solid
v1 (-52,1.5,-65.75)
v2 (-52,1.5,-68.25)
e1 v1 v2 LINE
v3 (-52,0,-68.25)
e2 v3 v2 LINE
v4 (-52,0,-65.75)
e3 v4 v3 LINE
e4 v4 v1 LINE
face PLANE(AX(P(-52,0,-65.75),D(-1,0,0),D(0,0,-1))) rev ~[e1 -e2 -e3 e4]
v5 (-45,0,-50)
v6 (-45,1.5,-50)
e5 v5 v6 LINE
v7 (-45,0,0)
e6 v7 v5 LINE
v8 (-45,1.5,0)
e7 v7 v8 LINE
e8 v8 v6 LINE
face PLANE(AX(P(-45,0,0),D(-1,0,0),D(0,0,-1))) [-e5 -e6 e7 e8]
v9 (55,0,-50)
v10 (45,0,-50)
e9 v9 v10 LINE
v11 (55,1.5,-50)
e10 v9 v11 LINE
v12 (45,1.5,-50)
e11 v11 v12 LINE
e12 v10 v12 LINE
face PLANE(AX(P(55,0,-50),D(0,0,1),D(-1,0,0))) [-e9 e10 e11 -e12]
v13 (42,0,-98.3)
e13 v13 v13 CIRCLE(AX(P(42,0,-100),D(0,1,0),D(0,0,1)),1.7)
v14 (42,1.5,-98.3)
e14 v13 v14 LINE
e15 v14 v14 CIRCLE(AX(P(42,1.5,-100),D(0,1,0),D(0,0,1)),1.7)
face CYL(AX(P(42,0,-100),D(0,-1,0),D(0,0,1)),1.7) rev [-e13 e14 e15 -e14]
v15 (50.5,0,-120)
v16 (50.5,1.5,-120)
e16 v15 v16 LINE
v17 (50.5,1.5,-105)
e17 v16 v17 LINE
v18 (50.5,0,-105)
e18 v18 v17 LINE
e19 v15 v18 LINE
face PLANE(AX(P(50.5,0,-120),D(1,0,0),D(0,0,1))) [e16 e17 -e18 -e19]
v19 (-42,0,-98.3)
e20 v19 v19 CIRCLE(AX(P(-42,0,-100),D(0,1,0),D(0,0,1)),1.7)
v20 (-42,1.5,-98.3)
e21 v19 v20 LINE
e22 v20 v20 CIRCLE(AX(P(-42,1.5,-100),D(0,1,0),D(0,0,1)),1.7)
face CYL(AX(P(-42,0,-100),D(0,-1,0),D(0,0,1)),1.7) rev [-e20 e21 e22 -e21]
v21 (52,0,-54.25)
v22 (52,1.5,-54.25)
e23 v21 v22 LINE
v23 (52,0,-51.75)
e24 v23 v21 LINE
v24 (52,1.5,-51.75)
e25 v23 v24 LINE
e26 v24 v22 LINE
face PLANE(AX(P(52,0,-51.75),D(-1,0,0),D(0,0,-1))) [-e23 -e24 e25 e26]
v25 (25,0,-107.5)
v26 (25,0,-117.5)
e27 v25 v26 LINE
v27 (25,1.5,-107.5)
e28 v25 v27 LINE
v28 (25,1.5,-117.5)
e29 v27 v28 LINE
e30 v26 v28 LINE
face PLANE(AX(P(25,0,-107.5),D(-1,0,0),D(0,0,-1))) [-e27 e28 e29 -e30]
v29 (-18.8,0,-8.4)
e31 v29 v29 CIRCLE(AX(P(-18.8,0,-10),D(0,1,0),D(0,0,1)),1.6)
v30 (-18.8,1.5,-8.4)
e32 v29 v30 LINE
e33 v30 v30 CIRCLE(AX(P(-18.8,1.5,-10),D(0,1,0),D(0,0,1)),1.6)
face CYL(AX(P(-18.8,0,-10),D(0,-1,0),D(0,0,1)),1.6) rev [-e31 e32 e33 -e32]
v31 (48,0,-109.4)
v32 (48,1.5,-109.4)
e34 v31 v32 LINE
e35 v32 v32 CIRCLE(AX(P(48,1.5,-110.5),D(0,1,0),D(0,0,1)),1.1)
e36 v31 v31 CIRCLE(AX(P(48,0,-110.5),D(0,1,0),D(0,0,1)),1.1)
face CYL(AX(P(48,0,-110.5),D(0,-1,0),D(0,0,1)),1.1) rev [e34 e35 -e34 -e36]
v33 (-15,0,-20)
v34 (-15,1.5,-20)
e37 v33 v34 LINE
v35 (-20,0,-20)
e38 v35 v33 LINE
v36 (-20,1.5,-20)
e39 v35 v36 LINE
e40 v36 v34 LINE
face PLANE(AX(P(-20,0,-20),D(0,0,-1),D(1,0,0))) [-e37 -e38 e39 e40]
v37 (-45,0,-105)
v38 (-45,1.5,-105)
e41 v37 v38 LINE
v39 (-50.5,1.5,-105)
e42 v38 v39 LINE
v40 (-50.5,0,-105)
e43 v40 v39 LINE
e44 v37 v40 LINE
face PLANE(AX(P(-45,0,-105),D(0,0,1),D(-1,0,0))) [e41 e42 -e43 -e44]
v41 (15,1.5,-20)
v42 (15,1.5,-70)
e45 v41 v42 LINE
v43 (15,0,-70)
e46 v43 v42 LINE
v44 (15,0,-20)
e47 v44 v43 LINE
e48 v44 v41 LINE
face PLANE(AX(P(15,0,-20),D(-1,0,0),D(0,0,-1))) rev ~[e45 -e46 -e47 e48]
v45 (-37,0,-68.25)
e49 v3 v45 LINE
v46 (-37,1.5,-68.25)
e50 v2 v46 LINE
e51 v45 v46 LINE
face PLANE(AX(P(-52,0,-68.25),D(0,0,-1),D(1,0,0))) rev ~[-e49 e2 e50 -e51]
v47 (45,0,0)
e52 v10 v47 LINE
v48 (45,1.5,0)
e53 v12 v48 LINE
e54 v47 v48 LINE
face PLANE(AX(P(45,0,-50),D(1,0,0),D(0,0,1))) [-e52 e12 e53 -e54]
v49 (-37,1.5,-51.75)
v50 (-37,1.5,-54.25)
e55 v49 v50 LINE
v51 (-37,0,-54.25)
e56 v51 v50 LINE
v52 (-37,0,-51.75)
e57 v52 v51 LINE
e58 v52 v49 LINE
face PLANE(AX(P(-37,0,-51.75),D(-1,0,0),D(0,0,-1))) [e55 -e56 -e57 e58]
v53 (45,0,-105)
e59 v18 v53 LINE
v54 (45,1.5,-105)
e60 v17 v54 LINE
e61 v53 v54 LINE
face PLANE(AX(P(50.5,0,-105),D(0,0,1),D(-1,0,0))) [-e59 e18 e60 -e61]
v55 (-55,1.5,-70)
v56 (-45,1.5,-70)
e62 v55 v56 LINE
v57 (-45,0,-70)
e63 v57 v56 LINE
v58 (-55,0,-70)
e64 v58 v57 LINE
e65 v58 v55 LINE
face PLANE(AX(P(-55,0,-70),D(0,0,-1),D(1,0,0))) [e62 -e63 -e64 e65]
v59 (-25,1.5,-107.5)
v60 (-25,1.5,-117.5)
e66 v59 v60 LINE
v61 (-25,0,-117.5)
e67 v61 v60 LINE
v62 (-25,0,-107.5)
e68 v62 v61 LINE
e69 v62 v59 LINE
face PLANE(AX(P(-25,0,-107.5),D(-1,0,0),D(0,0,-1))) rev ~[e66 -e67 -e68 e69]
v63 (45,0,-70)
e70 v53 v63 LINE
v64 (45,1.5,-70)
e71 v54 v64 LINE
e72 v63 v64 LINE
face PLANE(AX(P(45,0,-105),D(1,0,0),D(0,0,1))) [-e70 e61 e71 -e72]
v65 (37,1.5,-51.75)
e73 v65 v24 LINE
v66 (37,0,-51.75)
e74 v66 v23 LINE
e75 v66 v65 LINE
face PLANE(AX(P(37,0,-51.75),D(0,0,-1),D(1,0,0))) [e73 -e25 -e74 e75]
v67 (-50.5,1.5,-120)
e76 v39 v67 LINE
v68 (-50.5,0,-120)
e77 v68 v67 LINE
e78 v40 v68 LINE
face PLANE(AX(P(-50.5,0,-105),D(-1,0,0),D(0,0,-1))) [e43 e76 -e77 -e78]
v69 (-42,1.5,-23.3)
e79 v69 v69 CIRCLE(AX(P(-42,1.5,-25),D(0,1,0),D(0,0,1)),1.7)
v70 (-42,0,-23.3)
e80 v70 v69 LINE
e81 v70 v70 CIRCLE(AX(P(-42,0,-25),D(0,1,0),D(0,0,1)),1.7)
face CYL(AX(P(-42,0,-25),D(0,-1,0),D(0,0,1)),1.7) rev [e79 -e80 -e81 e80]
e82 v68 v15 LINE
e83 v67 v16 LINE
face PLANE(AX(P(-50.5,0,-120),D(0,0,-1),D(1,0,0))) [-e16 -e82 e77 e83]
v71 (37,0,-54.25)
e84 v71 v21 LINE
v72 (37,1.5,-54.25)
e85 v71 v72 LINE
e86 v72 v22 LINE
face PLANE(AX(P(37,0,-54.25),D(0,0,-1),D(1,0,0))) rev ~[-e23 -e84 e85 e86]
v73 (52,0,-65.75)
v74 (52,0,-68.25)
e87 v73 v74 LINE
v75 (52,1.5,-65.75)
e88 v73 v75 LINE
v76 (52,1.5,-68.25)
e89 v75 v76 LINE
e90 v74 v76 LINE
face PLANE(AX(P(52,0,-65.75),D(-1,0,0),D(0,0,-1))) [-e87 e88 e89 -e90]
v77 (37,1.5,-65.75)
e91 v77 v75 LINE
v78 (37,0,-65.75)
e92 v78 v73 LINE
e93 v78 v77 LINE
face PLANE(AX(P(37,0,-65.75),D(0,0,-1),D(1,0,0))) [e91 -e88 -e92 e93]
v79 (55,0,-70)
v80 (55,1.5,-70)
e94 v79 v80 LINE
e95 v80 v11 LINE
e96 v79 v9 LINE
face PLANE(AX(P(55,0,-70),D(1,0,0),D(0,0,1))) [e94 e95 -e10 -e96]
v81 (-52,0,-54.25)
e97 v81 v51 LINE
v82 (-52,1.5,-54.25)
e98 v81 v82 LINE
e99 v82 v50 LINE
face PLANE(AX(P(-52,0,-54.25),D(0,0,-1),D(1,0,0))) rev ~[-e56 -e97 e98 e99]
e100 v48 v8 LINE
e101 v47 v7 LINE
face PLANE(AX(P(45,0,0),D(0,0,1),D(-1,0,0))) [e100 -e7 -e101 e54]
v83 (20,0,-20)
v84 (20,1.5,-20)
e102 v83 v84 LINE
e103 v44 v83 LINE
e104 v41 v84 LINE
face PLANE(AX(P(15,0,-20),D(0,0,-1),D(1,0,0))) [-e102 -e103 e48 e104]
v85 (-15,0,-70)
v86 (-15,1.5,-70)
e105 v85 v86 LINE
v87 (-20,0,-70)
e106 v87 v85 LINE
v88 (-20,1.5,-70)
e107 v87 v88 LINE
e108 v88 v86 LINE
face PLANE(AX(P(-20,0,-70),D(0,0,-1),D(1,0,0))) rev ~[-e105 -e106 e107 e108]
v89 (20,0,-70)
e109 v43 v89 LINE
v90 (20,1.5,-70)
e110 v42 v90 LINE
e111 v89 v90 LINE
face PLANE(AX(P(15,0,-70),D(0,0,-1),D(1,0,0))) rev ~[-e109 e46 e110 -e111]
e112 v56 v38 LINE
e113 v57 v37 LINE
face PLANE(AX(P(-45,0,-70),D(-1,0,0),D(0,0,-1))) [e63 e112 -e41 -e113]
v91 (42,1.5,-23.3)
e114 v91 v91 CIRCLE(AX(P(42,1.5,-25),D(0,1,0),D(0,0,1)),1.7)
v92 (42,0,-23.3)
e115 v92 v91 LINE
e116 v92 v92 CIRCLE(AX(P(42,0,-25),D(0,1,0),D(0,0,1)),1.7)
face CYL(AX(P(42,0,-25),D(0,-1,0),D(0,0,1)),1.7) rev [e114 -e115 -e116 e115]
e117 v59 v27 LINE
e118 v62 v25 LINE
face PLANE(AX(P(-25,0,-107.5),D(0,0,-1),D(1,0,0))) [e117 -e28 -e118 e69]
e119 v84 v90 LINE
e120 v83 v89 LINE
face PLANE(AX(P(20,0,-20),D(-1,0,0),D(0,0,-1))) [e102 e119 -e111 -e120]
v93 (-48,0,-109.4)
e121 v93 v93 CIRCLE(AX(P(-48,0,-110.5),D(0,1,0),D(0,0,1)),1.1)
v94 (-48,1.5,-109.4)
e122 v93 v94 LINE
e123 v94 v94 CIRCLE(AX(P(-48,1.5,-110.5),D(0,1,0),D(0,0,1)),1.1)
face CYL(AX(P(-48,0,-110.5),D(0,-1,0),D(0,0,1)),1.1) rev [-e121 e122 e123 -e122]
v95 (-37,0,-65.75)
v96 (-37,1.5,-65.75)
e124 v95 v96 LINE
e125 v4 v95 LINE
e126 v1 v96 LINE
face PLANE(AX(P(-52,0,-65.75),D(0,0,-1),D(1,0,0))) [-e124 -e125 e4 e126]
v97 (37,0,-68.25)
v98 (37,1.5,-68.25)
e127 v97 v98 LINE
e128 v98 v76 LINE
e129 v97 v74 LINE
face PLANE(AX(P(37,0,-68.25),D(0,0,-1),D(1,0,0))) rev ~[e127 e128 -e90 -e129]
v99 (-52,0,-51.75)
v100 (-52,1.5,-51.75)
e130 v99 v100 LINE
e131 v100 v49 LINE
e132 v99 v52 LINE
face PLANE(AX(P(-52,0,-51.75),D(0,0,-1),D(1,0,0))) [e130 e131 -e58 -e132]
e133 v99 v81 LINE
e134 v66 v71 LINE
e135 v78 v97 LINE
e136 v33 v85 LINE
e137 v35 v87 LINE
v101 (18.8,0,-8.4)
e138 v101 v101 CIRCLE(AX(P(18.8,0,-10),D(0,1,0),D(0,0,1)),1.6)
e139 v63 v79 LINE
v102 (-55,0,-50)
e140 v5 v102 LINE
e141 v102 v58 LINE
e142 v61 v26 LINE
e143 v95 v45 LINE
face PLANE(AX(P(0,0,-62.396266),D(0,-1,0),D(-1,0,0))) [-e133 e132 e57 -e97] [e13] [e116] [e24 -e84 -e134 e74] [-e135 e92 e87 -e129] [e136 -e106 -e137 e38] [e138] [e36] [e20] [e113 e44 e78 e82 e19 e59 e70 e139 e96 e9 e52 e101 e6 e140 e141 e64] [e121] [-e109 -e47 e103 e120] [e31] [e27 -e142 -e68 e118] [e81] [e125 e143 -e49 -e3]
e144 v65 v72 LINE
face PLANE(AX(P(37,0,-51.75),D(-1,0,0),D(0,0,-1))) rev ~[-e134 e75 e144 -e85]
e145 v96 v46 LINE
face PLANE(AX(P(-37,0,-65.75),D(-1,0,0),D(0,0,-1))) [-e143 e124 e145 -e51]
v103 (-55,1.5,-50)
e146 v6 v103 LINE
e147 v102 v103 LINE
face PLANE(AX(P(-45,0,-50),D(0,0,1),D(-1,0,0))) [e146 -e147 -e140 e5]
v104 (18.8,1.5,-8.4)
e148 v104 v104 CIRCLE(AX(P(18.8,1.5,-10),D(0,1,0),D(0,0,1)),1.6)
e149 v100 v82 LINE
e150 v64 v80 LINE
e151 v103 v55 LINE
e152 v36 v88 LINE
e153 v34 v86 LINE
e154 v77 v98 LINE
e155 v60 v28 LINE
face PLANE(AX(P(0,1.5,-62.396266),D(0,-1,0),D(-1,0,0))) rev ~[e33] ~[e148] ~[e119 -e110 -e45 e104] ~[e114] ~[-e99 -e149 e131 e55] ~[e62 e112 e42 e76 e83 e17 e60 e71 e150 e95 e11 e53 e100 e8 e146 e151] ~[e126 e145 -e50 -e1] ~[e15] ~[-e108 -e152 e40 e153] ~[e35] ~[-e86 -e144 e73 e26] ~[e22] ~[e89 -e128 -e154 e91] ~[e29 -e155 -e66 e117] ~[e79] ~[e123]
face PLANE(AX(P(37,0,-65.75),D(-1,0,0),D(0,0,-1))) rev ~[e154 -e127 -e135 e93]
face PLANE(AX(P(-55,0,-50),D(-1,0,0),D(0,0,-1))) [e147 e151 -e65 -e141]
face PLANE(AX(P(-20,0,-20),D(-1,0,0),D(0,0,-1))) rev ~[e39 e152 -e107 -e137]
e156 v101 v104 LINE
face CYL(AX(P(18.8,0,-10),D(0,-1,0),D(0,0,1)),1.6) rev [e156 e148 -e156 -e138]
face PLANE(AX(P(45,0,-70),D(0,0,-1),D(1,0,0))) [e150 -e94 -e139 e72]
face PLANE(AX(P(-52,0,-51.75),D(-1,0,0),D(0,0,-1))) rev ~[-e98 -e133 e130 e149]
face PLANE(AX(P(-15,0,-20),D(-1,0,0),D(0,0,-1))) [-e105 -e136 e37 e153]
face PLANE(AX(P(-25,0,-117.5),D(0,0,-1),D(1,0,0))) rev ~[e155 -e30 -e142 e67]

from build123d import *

# Parameters (mm, degrees)
SKETCH1_R           = 1.1
SKETCH1_R_2         = 1.7
SKETCH1_R_3         = 1.6
SKETCH1_W           = 50
SKETCH1_H           = 10
SKETCH1_W_2         = 15
SKETCH1_H_2         = 2.5
SKETCH1_W_3         = 5
SKETCH1_H_3         = 50
BOSS_EXTRUDE1_DEPTH = 1.5


with BuildPart() as part:
    # Sketch1 → Boss-Extrude1 (new body)
    with BuildSketch(Plane(origin=(0, 0, 0), x_dir=(1, 0, 0), z_dir=(0, 1, 0))):
        Polygon((-45, 105), (-50.5, 105), (-50.5, 120), (50.5, 120), (50.5, 105), (45, 105), (45, 70), (55, 70), (55, 50), (45, 50), (45, 0), (-45, 0), (-45, 50), (-55, 50), (-55, 70), (-45, 70), align=None)
        with Locations(Location((48, 110.5, 0), (0, 0, 270))):
            Circle(SKETCH1_R, mode=Mode.SUBTRACT)
        with Locations(Location((-48, 110.5, 0), (0, 0, 270))):
            Circle(SKETCH1_R, mode=Mode.SUBTRACT)
        with Locations(Location((42, 100, 0), (0, 0, 270))):
            Circle(SKETCH1_R_2, mode=Mode.SUBTRACT)
        with Locations(Location((-42, 100, 0), (0, 0, 270))):
            Circle(SKETCH1_R_2, mode=Mode.SUBTRACT)
        with Locations(Location((-42, 25, 0), (0, 0, 270))):
            Circle(SKETCH1_R_2, mode=Mode.SUBTRACT)
        with Locations(Location((42, 25, 0), (0, 0, 270))):
            Circle(SKETCH1_R_2, mode=Mode.SUBTRACT)
        with Locations(Location((-18.8, 10, 0), (0, 0, 270))):
            Circle(SKETCH1_R_3, mode=Mode.SUBTRACT)
        with Locations(Location((18.8, 10, 0), (0, 0, 270))):
            Circle(SKETCH1_R_3, mode=Mode.SUBTRACT)
        with Locations((0, 112.5)):
            Rectangle(SKETCH1_W, SKETCH1_H, mode=Mode.SUBTRACT)
        with Locations((-44.5, 67)):
            Rectangle(SKETCH1_W_2, SKETCH1_H_2, mode=Mode.SUBTRACT)
        with Locations((-44.5, 53)):
            Rectangle(SKETCH1_W_2, SKETCH1_H_2, mode=Mode.SUBTRACT)
        with Locations((44.5, 53)):
            Rectangle(SKETCH1_W_2, SKETCH1_H_2, mode=Mode.SUBTRACT)
        with Locations((17.5, 45)):
            Rectangle(SKETCH1_W_3, SKETCH1_H_3, mode=Mode.SUBTRACT)
        with Locations((-17.5, 45)):
            Rectangle(SKETCH1_W_3, SKETCH1_H_3, mode=Mode.SUBTRACT)
        with Locations((44.5, 67)):
            Rectangle(SKETCH1_W_2, SKETCH1_H_2, mode=Mode.SUBTRACT)
    extrude(amount=BOSS_EXTRUDE1_DEPTH)


solid = part.part
